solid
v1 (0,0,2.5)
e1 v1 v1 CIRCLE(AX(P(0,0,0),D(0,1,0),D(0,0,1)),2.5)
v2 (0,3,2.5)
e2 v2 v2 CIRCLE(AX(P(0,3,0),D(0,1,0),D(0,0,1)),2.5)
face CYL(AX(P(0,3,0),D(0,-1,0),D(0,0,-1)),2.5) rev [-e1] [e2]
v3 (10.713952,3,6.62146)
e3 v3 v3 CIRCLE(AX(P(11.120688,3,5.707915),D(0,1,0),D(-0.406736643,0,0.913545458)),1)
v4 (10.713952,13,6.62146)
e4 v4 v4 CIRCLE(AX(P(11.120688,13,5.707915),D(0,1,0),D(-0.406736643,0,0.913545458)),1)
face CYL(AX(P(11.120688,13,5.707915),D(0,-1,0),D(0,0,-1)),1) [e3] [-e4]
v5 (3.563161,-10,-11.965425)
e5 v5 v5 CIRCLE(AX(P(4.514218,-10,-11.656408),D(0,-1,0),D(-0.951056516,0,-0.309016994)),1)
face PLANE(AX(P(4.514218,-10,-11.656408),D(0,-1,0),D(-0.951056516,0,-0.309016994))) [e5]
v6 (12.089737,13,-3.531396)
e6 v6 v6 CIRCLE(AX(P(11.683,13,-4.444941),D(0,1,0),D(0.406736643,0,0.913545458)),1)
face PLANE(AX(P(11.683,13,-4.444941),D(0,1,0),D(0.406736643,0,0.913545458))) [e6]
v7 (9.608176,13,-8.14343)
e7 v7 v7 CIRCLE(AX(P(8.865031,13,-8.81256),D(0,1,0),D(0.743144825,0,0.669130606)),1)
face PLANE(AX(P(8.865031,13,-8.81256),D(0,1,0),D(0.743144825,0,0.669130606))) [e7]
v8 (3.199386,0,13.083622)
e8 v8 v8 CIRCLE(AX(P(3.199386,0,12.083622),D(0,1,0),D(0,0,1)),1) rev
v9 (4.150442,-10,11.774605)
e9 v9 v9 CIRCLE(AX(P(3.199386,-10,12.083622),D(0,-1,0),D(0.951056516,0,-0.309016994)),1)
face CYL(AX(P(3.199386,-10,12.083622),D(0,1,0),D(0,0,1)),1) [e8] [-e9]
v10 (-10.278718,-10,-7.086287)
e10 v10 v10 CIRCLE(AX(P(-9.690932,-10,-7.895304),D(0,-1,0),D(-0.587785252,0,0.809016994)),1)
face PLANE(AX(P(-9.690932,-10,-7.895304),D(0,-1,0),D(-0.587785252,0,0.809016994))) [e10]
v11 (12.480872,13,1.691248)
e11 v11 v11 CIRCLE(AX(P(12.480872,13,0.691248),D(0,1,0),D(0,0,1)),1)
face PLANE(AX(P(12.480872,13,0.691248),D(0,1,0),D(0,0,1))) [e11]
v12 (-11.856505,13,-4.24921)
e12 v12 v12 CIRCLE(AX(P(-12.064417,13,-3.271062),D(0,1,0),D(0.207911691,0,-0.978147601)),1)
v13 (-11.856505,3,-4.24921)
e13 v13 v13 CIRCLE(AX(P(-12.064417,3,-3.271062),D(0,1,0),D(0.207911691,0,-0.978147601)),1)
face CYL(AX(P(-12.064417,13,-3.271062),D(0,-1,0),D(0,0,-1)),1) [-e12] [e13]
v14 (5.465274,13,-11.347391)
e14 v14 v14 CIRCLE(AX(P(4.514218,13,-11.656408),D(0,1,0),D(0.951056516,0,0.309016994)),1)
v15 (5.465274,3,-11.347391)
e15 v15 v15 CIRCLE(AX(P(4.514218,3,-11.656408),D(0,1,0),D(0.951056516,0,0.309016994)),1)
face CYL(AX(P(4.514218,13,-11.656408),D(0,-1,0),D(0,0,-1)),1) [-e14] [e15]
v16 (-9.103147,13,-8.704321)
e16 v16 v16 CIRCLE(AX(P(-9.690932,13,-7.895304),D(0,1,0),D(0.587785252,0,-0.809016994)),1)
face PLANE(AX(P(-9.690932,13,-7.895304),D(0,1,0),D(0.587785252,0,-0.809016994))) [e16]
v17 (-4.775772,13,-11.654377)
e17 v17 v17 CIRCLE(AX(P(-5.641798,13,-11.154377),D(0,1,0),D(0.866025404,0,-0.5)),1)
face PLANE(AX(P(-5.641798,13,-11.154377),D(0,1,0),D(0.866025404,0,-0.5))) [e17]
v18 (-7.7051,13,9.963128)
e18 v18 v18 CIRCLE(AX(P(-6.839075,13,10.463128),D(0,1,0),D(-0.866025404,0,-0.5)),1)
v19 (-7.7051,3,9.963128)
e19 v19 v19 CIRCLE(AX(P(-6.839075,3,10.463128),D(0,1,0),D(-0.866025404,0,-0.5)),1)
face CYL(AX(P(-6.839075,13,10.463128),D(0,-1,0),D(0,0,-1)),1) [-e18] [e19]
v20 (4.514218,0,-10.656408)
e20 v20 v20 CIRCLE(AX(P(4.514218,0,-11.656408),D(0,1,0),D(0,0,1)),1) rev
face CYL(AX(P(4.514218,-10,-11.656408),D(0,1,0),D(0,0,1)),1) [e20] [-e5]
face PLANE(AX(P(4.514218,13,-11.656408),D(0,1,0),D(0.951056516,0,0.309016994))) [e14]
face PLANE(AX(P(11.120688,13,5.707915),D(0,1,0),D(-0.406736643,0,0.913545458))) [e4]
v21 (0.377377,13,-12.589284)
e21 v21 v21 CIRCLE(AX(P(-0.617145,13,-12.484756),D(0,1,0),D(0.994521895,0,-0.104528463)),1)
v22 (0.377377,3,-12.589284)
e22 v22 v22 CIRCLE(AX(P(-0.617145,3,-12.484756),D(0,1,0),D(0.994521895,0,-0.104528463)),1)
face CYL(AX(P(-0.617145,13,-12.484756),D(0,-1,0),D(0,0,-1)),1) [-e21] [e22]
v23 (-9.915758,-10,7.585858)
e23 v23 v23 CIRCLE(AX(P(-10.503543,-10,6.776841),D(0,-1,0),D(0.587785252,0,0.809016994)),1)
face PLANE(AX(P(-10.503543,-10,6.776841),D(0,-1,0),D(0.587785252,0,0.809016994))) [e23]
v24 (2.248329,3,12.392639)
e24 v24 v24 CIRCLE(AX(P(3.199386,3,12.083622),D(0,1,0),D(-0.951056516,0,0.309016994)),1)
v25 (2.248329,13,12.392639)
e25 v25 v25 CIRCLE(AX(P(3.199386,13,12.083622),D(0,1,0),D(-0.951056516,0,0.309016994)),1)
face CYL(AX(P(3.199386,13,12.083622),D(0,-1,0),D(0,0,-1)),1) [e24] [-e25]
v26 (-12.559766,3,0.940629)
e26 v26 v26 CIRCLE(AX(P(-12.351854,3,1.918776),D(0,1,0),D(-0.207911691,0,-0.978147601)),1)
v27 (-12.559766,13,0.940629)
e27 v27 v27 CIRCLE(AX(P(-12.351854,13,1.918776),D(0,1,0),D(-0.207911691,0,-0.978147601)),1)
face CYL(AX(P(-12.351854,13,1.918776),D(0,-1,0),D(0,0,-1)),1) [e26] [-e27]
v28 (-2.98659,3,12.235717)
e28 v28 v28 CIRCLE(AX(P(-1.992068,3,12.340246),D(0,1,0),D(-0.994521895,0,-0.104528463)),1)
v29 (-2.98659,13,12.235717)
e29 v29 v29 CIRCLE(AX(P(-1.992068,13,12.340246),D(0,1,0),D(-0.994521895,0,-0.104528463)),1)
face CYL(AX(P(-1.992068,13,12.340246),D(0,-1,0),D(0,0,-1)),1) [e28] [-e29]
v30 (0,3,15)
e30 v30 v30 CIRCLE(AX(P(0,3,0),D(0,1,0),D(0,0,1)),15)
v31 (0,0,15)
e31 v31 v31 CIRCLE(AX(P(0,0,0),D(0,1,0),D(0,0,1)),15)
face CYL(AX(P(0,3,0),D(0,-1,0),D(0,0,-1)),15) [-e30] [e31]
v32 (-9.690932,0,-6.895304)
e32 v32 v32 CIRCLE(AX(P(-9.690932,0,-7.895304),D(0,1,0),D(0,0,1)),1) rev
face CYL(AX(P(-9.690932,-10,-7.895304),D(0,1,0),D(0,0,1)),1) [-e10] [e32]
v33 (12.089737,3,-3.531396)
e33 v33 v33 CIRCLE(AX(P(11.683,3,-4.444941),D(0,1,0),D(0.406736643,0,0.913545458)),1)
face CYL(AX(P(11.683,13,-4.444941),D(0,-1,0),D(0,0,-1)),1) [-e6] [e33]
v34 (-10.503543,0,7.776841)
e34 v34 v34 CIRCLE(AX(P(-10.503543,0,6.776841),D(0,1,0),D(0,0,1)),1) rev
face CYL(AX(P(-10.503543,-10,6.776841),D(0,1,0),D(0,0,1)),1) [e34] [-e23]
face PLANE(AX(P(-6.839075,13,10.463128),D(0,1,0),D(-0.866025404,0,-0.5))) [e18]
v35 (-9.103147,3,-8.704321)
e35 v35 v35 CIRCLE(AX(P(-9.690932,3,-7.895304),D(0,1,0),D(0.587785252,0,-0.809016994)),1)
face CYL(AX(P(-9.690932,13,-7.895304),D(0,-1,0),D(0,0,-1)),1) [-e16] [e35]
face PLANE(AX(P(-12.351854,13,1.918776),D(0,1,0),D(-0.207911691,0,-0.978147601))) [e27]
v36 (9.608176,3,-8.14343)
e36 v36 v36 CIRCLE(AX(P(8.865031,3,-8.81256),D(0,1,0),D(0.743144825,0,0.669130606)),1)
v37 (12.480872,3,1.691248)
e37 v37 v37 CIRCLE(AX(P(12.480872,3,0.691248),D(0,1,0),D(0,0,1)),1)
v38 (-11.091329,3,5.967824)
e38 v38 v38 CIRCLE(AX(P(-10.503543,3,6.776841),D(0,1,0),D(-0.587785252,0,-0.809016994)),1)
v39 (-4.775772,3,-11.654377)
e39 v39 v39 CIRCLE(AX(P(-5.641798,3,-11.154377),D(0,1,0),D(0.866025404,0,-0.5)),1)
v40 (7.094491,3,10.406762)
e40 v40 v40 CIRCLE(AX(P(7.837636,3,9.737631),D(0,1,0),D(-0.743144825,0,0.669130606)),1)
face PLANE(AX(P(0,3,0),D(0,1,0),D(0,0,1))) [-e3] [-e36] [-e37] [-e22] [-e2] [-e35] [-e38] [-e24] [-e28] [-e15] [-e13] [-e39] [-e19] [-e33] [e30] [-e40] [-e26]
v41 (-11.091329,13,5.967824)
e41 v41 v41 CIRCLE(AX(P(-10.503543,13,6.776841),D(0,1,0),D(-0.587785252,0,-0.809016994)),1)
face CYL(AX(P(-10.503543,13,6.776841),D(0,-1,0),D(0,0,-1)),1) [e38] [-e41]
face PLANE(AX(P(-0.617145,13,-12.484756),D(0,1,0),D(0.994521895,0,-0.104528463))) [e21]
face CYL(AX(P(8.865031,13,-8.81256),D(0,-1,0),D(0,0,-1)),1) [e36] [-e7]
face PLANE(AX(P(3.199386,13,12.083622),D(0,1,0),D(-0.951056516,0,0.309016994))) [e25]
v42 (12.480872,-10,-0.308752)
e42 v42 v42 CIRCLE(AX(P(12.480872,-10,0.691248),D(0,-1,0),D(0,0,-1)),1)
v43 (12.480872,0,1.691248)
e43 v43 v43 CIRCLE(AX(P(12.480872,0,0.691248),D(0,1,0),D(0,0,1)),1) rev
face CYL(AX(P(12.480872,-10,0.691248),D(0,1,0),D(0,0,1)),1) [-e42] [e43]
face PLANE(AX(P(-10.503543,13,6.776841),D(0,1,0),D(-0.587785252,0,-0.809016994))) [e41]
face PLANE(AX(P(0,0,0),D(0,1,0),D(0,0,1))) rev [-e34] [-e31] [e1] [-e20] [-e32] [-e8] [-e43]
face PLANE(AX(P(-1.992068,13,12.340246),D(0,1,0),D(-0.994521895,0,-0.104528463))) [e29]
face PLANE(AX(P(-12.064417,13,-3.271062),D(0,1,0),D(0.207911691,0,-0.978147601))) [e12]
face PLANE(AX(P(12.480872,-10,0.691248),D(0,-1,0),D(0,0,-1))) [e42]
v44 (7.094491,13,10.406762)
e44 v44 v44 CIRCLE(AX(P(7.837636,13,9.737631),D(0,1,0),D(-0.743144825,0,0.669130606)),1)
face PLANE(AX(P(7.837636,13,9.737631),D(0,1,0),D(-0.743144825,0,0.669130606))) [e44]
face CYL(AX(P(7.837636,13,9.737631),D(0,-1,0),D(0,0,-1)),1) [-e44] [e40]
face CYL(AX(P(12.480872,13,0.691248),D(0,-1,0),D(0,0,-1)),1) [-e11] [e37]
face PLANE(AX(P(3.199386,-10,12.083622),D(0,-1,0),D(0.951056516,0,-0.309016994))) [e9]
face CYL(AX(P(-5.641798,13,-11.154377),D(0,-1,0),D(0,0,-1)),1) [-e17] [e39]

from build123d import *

# Parameters (mm, degrees)
SKETCH_1_R               = 15
SKETCH_1_R_2             = 2.5
EXTRUDE_1_DEPTH          = 3
SKETCH_2_R               = 1
EXTRUDE_2_DEPTH          = 10
PATTERN_CIRCULAR_1_COUNT = 15
EXTRUDE_START            = 10
SKETCH_3_R               = 1
EXTRUDE_3_DEPTH          = 10
PATTERN_CIRCULAR_2_COUNT = 5


with BuildPart() as part:
    # 草圖1 → 填料-伸長1 (new body)
    with BuildSketch(Plane(origin=(0, 0, 0), x_dir=(1, 0, 0), z_dir=(0, 1, 0))):
        with Locations(Location((0, 0, 0), (0, 0, 270))):
            Circle(SKETCH_1_R)
        with Locations(Location((0, 0, 0), (0, 0, 270))):
            Circle(SKETCH_1_R_2, mode=Mode.SUBTRACT)
    extrude(amount=EXTRUDE_1_DEPTH)

    # 草圖2 → 填料-伸長2 (add)
    with BuildSketch(Plane(origin=(0, 3, 0), x_dir=(1, 0, 0), z_dir=(0, 1, 0))):
        with Locations(Location((12.4808724, -0.691248248, 0), (0, 0, 270))):
            Circle(SKETCH_2_R)
    extrude_2 = extrude(amount=EXTRUDE_2_DEPTH)

    # 環狀複製排列1: 填料-伸長2 ×15 about axis
    pattern_circular_1_axis = Axis((0, 0, 0), (0, 1, 0))
    for i in range(1, PATTERN_CIRCULAR_1_COUNT):
        add(extrude_2.rotate(pattern_circular_1_axis, i * 360 / PATTERN_CIRCULAR_1_COUNT))

    # 草圖3 → 填料-伸長3 (add)
    with BuildSketch(Plane.XZ.offset(EXTRUDE_START)):
        with Locations(Location((12.4808724, 0.691248248, 0), (0, 0, 90))):
            Circle(SKETCH_3_R)
    extrude_3 = extrude(amount=-EXTRUDE_3_DEPTH)

    # 環狀複製排列2: 填料-伸長3 ×5 about axis
    pattern_circular_2_axis = Axis((0, 0, 0), (0, 1, 0))
    for i in range(1, PATTERN_CIRCULAR_2_COUNT):
        add(extrude_3.rotate(pattern_circular_2_axis, i * 360 / PATTERN_CIRCULAR_2_COUNT))


solid = part.part
